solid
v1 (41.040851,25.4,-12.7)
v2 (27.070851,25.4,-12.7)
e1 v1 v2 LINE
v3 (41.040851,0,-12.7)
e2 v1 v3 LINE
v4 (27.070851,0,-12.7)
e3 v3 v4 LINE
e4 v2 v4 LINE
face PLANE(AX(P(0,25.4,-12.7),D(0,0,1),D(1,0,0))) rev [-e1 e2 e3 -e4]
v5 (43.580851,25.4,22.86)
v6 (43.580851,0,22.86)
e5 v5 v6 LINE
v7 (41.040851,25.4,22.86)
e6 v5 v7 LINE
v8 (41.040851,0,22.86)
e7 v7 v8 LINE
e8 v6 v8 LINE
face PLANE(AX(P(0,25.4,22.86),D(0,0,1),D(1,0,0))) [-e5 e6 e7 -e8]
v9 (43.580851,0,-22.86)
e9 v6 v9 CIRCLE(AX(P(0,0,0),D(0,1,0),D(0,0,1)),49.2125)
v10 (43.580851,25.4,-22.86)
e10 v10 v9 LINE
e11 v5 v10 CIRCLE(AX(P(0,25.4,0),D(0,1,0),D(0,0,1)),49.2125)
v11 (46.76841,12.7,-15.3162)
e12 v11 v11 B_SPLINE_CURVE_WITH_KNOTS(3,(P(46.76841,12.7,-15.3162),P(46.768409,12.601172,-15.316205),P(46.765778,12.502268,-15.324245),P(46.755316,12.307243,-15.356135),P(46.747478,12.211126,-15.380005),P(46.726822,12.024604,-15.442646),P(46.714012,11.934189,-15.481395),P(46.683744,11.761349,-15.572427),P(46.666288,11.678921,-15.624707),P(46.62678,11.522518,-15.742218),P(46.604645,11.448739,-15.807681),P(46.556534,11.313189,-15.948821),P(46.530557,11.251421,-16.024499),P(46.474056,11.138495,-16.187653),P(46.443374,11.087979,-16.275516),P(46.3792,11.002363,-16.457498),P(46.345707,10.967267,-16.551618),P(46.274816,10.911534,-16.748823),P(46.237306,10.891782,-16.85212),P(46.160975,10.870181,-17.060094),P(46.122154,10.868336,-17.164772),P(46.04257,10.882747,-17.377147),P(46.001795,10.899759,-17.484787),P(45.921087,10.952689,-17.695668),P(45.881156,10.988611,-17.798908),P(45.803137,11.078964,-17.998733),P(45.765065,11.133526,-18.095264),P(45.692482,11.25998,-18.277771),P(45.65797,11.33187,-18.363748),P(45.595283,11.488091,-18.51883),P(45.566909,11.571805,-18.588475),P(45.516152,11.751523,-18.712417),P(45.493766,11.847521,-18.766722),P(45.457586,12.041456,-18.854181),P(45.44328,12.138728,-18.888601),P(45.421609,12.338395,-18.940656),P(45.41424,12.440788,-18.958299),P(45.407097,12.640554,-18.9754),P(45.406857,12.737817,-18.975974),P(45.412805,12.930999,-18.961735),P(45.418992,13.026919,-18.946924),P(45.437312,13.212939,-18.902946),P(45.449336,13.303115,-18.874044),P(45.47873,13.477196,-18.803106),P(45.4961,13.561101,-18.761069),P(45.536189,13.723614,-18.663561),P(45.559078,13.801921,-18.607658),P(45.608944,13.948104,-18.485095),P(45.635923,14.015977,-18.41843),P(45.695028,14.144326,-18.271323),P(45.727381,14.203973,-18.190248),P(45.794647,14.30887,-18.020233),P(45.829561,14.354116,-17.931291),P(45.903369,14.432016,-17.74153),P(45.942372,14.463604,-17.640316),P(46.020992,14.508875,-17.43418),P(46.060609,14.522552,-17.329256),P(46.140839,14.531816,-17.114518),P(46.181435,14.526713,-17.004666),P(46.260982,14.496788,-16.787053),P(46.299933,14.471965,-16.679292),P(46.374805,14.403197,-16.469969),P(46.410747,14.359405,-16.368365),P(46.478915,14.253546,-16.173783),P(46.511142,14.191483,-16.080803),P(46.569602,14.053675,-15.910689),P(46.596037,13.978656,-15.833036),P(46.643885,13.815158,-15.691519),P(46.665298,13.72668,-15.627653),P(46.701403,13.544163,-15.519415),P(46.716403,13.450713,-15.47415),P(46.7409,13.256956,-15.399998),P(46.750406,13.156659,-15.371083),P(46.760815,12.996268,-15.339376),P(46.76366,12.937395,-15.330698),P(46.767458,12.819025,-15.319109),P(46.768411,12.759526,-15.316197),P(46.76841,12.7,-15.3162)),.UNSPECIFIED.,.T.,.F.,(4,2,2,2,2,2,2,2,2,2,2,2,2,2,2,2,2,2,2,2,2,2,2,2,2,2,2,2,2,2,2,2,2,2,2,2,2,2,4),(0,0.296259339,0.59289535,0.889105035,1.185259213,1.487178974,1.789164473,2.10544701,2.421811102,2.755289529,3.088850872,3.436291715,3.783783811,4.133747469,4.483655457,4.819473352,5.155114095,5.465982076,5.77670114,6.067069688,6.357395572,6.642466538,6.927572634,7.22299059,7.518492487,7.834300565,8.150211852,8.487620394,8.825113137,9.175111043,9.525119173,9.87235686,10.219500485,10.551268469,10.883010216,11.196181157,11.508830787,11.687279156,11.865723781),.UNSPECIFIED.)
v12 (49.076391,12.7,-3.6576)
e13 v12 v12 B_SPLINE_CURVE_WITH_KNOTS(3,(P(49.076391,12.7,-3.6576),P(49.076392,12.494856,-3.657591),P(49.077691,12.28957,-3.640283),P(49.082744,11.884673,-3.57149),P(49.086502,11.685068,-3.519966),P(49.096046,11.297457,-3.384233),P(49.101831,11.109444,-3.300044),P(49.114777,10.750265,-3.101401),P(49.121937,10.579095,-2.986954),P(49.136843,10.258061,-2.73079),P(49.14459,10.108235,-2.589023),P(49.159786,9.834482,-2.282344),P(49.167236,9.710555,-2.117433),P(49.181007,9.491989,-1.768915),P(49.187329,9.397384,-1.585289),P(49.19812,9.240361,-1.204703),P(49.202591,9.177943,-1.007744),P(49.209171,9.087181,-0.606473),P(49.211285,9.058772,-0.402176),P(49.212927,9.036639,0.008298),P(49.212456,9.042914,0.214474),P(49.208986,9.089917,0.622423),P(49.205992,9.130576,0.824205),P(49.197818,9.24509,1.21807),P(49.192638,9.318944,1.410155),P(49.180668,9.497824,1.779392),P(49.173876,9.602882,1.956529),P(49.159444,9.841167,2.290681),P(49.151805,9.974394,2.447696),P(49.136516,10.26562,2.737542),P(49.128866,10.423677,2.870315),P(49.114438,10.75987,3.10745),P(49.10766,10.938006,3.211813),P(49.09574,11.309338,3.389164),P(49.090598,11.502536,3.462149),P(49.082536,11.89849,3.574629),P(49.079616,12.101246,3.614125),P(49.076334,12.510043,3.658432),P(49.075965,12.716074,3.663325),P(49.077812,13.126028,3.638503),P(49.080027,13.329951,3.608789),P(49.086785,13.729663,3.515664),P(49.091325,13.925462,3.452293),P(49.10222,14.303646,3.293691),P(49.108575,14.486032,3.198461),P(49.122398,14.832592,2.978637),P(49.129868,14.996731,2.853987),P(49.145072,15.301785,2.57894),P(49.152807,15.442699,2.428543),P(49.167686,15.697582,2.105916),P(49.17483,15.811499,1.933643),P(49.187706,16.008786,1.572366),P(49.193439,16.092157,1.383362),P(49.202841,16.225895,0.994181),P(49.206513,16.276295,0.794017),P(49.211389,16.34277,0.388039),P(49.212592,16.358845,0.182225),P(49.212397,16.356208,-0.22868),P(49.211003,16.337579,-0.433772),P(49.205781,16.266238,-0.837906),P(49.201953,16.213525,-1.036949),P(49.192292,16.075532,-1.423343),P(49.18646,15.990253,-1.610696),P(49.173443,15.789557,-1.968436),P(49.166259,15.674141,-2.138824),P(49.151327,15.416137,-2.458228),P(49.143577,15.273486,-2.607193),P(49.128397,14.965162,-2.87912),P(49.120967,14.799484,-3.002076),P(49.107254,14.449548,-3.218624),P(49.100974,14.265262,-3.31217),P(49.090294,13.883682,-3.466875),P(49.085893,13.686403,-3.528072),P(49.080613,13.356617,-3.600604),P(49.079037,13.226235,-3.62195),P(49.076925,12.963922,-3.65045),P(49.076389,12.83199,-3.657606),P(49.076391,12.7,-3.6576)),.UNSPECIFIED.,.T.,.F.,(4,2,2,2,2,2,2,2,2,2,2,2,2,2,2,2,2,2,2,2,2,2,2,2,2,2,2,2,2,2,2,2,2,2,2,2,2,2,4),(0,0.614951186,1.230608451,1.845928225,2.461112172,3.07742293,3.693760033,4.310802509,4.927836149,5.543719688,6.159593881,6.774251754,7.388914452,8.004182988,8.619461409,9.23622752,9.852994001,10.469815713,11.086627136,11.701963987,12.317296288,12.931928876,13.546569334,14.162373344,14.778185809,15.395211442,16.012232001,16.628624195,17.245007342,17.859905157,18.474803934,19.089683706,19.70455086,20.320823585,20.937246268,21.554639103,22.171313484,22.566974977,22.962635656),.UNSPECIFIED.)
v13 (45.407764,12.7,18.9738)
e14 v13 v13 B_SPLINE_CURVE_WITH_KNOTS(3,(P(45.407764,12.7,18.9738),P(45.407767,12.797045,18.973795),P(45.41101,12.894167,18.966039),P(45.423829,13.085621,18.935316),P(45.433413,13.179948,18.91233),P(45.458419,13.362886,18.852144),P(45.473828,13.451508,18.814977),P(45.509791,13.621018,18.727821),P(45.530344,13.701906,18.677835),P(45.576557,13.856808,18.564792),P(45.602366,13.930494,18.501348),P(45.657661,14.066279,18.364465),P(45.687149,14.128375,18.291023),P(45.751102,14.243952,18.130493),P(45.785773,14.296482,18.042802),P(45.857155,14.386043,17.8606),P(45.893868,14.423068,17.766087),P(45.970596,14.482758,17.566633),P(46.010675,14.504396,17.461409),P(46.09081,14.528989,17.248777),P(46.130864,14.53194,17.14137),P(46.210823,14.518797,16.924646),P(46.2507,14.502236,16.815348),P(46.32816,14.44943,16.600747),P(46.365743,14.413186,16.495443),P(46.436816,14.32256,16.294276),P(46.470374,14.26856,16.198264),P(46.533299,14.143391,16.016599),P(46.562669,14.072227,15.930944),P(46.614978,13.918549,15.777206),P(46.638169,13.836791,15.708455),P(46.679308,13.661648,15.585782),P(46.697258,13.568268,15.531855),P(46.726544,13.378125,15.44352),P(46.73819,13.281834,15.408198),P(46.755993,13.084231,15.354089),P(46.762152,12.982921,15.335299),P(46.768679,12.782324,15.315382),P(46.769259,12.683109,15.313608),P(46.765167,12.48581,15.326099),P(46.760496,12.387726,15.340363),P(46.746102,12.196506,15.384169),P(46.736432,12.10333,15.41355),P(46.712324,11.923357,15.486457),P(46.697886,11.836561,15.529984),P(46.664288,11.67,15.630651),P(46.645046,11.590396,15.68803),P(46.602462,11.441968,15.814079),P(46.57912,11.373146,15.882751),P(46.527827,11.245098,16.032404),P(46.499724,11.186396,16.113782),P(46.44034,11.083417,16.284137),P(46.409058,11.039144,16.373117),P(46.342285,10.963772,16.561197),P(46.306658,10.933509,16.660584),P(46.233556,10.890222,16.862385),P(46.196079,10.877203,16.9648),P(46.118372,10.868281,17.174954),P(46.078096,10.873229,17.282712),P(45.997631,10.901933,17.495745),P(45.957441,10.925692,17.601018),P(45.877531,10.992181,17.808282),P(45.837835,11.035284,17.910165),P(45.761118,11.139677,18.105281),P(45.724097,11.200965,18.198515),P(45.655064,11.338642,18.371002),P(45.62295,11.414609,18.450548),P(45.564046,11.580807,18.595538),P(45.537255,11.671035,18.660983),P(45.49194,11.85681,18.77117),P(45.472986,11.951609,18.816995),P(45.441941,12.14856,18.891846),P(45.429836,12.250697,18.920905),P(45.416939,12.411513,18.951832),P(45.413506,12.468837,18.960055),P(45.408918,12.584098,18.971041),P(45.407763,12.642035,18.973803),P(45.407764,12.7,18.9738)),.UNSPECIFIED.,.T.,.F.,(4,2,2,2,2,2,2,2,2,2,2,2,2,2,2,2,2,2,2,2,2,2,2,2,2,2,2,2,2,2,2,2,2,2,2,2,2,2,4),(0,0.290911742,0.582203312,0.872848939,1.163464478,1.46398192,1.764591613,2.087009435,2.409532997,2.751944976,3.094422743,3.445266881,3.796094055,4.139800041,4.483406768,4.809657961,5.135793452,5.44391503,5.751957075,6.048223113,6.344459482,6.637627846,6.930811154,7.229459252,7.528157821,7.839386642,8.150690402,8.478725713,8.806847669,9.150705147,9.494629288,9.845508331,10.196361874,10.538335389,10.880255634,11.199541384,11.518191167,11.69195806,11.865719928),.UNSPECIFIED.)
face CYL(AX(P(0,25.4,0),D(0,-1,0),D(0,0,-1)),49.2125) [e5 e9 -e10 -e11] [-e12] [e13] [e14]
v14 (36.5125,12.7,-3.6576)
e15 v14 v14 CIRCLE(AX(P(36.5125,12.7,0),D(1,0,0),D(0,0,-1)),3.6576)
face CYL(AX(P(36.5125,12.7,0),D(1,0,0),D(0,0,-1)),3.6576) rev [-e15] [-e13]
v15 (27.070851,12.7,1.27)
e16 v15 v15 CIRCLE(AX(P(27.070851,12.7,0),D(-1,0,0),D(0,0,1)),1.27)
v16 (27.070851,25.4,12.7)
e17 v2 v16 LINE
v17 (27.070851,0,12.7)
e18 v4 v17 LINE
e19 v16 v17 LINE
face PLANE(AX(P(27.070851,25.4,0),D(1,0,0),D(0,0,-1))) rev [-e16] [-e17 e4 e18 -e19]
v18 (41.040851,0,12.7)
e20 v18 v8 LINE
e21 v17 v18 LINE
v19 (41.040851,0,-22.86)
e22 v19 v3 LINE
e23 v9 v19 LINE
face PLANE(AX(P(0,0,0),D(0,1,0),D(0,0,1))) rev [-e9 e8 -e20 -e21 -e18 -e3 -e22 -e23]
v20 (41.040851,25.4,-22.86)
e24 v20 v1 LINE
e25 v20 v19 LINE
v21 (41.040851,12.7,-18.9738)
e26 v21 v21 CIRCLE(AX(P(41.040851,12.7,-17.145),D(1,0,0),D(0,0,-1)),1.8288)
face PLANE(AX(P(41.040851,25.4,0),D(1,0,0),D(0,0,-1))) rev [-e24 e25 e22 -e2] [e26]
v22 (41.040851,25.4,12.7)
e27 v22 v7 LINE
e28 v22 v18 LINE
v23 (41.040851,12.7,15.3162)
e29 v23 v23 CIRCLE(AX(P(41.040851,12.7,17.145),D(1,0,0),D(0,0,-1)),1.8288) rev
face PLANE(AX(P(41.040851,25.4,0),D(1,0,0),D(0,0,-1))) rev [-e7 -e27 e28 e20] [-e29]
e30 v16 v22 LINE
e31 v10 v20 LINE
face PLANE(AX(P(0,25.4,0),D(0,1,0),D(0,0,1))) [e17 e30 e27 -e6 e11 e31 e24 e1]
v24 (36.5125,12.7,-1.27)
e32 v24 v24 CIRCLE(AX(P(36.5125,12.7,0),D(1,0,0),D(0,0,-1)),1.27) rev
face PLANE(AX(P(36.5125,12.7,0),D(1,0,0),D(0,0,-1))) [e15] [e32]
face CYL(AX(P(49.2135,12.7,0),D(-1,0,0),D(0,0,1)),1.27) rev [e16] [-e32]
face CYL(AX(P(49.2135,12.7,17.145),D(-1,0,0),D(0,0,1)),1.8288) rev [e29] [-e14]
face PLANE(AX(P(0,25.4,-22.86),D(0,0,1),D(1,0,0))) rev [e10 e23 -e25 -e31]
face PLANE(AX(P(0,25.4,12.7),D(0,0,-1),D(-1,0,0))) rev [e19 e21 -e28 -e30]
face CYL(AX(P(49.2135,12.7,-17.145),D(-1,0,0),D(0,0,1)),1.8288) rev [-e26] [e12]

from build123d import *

# Parameters (mm, degrees)
SKETCH2_W               = 13.97
SKETCH2_H               = 25.4
BOSS_EXTRUDE1_DEPTH     = 25.4
CUT_EXTRUDE2_REACH      = 42.718
CUT_EXTRUDE2_END_RADIUS = 49.2125
SKETCH4_R               = 1.27
CUT_EXTRUDE4_START      = -8.171649
SKETCH11_R              = 3.6576
CUT_EXTRUDE4_DEPTH      = 12.7
CUT_EXTRUDE5_REACH      = 61.913
CUT_EXTRUDE5_END_RADIUS = 49.2125
SKETCH15_R              = 1.8288


with BuildPart() as part:
    # Sketch2 → Boss-Extrude1 (new body)
    with BuildSketch(Plane(origin=(0, 0, 0), x_dir=(1, 0, 0), z_dir=(0, 1, 0))):
        with Locations((34.055850798, 0)):
            Rectangle(SKETCH2_W, SKETCH2_H)
        Polygon((43.580850798, -22.86), (43.580850798, 22.86), (41.040850798, 22.86), (41.040850798, 12.7), (41.040850798, -12.7), (41.040850798, -22.86), align=None)
        with BuildLine():
            Line((43.580850798, 22.86), (43.580850798, -22.86))
            ThreePointArc((43.580850798, -22.86), (49.2125, 0), (43.580850798, 22.86))
        make_face()
    extrude(amount=BOSS_EXTRUDE1_DEPTH)

    # Cut-Extrude2: up to this cylinder (the profile starts inside it)
    cut_extrude2_end = Plane(origin=(0, 12.7, 0), z_dir=(0, -1, 0)) * Cylinder(CUT_EXTRUDE2_END_RADIUS, 184.861, mode=Mode.PRIVATE)
    # Sketch4 → Cut-Extrude2 (cut, up to the surface)
    with BuildSketch(Plane.ZY.offset(-27.070850798), mode=Mode.PRIVATE) as cut_extrude2_sk1:
        with Locations((0, 12.7)):
            Circle(SKETCH4_R)
    cut_extrude2_tool1 = extrude(cut_extrude2_sk1.sketch, amount=-CUT_EXTRUDE2_REACH, mode=Mode.PRIVATE) & cut_extrude2_end
    add(cut_extrude2_tool1.solids().sort_by_distance((27.070851, 12.7, 0))[0], mode=Mode.SUBTRACT)

    # Sketch11 → Cut-Extrude4 (cut)
    with BuildSketch(Plane.ZY.offset(-41.040850798).offset(CUT_EXTRUDE4_START)):
        with Locations(Location((0, 12.7, 0), (0, 0, 180))):
            Circle(SKETCH11_R)
    extrude(amount=CUT_EXTRUDE4_DEPTH, mode=Mode.SUBTRACT)

    # Cut-Extrude5: up to this cylinder (the profile starts inside it)
    cut_extrude5_end = Plane(origin=(0, 12.7, 0), z_dir=(0, -1, 0)) * Cylinder(CUT_EXTRUDE5_END_RADIUS, 224.803334, mode=Mode.PRIVATE)
    # Sketch15 → Cut-Extrude5 (cut, up to the surface)
    with BuildSketch(Plane(origin=(0, 0, 0), x_dir=(0, 0, -1), z_dir=(1, 0, 0)), mode=Mode.PRIVATE) as cut_extrude5_sk1:
        with BuildLine():
            ThreePointArc((-18.9738, 12.7), (-17.145, 10.8712), (-15.3162, 12.7))
            Line((-15.3162, 12.7), (-18.9738, 12.7))
        make_face()
    cut_extrude5_tool1 = extrude(cut_extrude5_sk1.sketch, amount=CUT_EXTRUDE5_REACH, mode=Mode.PRIVATE) & cut_extrude5_end
    add(cut_extrude5_tool1.solids().sort_by_distance((0, 11.923833, 17.145))[0], mode=Mode.SUBTRACT)
    # Sketch15 → Cut-Extrude5 (cut, up to the surface)
    with BuildSketch(Plane(origin=(0, 0, 0), x_dir=(0, 0, -1), z_dir=(1, 0, 0)), mode=Mode.PRIVATE) as cut_extrude5_sk2:
        with BuildLine():
            Line((-18.9738, 12.7), (-15.3162, 12.7))
            ThreePointArc((-15.3162, 12.7), (-17.145, 14.5288), (-18.9738, 12.7))
        make_face()
    cut_extrude5_tool2 = extrude(cut_extrude5_sk2.sketch, amount=CUT_EXTRUDE5_REACH, mode=Mode.PRIVATE) & cut_extrude5_end
    add(cut_extrude5_tool2.solids().sort_by_distance((0, 13.476167, 17.145))[0], mode=Mode.SUBTRACT)
    # Sketch15 → Cut-Extrude5 (cut, up to the surface)
    with BuildSketch(Plane(origin=(0, 0, 0), x_dir=(0, 0, -1), z_dir=(1, 0, 0)), mode=Mode.PRIVATE) as cut_extrude5_sk3:
        with Locations(Location((17.145, 12.7, 0), (0, 0, 180))):
            Circle(SKETCH15_R)
    cut_extrude5_tool3 = extrude(cut_extrude5_sk3.sketch, amount=CUT_EXTRUDE5_REACH, mode=Mode.PRIVATE) & cut_extrude5_end
    add(cut_extrude5_tool3.solids().sort_by_distance((0, 12.7, -17.145))[0], mode=Mode.SUBTRACT)


solid = part.part
